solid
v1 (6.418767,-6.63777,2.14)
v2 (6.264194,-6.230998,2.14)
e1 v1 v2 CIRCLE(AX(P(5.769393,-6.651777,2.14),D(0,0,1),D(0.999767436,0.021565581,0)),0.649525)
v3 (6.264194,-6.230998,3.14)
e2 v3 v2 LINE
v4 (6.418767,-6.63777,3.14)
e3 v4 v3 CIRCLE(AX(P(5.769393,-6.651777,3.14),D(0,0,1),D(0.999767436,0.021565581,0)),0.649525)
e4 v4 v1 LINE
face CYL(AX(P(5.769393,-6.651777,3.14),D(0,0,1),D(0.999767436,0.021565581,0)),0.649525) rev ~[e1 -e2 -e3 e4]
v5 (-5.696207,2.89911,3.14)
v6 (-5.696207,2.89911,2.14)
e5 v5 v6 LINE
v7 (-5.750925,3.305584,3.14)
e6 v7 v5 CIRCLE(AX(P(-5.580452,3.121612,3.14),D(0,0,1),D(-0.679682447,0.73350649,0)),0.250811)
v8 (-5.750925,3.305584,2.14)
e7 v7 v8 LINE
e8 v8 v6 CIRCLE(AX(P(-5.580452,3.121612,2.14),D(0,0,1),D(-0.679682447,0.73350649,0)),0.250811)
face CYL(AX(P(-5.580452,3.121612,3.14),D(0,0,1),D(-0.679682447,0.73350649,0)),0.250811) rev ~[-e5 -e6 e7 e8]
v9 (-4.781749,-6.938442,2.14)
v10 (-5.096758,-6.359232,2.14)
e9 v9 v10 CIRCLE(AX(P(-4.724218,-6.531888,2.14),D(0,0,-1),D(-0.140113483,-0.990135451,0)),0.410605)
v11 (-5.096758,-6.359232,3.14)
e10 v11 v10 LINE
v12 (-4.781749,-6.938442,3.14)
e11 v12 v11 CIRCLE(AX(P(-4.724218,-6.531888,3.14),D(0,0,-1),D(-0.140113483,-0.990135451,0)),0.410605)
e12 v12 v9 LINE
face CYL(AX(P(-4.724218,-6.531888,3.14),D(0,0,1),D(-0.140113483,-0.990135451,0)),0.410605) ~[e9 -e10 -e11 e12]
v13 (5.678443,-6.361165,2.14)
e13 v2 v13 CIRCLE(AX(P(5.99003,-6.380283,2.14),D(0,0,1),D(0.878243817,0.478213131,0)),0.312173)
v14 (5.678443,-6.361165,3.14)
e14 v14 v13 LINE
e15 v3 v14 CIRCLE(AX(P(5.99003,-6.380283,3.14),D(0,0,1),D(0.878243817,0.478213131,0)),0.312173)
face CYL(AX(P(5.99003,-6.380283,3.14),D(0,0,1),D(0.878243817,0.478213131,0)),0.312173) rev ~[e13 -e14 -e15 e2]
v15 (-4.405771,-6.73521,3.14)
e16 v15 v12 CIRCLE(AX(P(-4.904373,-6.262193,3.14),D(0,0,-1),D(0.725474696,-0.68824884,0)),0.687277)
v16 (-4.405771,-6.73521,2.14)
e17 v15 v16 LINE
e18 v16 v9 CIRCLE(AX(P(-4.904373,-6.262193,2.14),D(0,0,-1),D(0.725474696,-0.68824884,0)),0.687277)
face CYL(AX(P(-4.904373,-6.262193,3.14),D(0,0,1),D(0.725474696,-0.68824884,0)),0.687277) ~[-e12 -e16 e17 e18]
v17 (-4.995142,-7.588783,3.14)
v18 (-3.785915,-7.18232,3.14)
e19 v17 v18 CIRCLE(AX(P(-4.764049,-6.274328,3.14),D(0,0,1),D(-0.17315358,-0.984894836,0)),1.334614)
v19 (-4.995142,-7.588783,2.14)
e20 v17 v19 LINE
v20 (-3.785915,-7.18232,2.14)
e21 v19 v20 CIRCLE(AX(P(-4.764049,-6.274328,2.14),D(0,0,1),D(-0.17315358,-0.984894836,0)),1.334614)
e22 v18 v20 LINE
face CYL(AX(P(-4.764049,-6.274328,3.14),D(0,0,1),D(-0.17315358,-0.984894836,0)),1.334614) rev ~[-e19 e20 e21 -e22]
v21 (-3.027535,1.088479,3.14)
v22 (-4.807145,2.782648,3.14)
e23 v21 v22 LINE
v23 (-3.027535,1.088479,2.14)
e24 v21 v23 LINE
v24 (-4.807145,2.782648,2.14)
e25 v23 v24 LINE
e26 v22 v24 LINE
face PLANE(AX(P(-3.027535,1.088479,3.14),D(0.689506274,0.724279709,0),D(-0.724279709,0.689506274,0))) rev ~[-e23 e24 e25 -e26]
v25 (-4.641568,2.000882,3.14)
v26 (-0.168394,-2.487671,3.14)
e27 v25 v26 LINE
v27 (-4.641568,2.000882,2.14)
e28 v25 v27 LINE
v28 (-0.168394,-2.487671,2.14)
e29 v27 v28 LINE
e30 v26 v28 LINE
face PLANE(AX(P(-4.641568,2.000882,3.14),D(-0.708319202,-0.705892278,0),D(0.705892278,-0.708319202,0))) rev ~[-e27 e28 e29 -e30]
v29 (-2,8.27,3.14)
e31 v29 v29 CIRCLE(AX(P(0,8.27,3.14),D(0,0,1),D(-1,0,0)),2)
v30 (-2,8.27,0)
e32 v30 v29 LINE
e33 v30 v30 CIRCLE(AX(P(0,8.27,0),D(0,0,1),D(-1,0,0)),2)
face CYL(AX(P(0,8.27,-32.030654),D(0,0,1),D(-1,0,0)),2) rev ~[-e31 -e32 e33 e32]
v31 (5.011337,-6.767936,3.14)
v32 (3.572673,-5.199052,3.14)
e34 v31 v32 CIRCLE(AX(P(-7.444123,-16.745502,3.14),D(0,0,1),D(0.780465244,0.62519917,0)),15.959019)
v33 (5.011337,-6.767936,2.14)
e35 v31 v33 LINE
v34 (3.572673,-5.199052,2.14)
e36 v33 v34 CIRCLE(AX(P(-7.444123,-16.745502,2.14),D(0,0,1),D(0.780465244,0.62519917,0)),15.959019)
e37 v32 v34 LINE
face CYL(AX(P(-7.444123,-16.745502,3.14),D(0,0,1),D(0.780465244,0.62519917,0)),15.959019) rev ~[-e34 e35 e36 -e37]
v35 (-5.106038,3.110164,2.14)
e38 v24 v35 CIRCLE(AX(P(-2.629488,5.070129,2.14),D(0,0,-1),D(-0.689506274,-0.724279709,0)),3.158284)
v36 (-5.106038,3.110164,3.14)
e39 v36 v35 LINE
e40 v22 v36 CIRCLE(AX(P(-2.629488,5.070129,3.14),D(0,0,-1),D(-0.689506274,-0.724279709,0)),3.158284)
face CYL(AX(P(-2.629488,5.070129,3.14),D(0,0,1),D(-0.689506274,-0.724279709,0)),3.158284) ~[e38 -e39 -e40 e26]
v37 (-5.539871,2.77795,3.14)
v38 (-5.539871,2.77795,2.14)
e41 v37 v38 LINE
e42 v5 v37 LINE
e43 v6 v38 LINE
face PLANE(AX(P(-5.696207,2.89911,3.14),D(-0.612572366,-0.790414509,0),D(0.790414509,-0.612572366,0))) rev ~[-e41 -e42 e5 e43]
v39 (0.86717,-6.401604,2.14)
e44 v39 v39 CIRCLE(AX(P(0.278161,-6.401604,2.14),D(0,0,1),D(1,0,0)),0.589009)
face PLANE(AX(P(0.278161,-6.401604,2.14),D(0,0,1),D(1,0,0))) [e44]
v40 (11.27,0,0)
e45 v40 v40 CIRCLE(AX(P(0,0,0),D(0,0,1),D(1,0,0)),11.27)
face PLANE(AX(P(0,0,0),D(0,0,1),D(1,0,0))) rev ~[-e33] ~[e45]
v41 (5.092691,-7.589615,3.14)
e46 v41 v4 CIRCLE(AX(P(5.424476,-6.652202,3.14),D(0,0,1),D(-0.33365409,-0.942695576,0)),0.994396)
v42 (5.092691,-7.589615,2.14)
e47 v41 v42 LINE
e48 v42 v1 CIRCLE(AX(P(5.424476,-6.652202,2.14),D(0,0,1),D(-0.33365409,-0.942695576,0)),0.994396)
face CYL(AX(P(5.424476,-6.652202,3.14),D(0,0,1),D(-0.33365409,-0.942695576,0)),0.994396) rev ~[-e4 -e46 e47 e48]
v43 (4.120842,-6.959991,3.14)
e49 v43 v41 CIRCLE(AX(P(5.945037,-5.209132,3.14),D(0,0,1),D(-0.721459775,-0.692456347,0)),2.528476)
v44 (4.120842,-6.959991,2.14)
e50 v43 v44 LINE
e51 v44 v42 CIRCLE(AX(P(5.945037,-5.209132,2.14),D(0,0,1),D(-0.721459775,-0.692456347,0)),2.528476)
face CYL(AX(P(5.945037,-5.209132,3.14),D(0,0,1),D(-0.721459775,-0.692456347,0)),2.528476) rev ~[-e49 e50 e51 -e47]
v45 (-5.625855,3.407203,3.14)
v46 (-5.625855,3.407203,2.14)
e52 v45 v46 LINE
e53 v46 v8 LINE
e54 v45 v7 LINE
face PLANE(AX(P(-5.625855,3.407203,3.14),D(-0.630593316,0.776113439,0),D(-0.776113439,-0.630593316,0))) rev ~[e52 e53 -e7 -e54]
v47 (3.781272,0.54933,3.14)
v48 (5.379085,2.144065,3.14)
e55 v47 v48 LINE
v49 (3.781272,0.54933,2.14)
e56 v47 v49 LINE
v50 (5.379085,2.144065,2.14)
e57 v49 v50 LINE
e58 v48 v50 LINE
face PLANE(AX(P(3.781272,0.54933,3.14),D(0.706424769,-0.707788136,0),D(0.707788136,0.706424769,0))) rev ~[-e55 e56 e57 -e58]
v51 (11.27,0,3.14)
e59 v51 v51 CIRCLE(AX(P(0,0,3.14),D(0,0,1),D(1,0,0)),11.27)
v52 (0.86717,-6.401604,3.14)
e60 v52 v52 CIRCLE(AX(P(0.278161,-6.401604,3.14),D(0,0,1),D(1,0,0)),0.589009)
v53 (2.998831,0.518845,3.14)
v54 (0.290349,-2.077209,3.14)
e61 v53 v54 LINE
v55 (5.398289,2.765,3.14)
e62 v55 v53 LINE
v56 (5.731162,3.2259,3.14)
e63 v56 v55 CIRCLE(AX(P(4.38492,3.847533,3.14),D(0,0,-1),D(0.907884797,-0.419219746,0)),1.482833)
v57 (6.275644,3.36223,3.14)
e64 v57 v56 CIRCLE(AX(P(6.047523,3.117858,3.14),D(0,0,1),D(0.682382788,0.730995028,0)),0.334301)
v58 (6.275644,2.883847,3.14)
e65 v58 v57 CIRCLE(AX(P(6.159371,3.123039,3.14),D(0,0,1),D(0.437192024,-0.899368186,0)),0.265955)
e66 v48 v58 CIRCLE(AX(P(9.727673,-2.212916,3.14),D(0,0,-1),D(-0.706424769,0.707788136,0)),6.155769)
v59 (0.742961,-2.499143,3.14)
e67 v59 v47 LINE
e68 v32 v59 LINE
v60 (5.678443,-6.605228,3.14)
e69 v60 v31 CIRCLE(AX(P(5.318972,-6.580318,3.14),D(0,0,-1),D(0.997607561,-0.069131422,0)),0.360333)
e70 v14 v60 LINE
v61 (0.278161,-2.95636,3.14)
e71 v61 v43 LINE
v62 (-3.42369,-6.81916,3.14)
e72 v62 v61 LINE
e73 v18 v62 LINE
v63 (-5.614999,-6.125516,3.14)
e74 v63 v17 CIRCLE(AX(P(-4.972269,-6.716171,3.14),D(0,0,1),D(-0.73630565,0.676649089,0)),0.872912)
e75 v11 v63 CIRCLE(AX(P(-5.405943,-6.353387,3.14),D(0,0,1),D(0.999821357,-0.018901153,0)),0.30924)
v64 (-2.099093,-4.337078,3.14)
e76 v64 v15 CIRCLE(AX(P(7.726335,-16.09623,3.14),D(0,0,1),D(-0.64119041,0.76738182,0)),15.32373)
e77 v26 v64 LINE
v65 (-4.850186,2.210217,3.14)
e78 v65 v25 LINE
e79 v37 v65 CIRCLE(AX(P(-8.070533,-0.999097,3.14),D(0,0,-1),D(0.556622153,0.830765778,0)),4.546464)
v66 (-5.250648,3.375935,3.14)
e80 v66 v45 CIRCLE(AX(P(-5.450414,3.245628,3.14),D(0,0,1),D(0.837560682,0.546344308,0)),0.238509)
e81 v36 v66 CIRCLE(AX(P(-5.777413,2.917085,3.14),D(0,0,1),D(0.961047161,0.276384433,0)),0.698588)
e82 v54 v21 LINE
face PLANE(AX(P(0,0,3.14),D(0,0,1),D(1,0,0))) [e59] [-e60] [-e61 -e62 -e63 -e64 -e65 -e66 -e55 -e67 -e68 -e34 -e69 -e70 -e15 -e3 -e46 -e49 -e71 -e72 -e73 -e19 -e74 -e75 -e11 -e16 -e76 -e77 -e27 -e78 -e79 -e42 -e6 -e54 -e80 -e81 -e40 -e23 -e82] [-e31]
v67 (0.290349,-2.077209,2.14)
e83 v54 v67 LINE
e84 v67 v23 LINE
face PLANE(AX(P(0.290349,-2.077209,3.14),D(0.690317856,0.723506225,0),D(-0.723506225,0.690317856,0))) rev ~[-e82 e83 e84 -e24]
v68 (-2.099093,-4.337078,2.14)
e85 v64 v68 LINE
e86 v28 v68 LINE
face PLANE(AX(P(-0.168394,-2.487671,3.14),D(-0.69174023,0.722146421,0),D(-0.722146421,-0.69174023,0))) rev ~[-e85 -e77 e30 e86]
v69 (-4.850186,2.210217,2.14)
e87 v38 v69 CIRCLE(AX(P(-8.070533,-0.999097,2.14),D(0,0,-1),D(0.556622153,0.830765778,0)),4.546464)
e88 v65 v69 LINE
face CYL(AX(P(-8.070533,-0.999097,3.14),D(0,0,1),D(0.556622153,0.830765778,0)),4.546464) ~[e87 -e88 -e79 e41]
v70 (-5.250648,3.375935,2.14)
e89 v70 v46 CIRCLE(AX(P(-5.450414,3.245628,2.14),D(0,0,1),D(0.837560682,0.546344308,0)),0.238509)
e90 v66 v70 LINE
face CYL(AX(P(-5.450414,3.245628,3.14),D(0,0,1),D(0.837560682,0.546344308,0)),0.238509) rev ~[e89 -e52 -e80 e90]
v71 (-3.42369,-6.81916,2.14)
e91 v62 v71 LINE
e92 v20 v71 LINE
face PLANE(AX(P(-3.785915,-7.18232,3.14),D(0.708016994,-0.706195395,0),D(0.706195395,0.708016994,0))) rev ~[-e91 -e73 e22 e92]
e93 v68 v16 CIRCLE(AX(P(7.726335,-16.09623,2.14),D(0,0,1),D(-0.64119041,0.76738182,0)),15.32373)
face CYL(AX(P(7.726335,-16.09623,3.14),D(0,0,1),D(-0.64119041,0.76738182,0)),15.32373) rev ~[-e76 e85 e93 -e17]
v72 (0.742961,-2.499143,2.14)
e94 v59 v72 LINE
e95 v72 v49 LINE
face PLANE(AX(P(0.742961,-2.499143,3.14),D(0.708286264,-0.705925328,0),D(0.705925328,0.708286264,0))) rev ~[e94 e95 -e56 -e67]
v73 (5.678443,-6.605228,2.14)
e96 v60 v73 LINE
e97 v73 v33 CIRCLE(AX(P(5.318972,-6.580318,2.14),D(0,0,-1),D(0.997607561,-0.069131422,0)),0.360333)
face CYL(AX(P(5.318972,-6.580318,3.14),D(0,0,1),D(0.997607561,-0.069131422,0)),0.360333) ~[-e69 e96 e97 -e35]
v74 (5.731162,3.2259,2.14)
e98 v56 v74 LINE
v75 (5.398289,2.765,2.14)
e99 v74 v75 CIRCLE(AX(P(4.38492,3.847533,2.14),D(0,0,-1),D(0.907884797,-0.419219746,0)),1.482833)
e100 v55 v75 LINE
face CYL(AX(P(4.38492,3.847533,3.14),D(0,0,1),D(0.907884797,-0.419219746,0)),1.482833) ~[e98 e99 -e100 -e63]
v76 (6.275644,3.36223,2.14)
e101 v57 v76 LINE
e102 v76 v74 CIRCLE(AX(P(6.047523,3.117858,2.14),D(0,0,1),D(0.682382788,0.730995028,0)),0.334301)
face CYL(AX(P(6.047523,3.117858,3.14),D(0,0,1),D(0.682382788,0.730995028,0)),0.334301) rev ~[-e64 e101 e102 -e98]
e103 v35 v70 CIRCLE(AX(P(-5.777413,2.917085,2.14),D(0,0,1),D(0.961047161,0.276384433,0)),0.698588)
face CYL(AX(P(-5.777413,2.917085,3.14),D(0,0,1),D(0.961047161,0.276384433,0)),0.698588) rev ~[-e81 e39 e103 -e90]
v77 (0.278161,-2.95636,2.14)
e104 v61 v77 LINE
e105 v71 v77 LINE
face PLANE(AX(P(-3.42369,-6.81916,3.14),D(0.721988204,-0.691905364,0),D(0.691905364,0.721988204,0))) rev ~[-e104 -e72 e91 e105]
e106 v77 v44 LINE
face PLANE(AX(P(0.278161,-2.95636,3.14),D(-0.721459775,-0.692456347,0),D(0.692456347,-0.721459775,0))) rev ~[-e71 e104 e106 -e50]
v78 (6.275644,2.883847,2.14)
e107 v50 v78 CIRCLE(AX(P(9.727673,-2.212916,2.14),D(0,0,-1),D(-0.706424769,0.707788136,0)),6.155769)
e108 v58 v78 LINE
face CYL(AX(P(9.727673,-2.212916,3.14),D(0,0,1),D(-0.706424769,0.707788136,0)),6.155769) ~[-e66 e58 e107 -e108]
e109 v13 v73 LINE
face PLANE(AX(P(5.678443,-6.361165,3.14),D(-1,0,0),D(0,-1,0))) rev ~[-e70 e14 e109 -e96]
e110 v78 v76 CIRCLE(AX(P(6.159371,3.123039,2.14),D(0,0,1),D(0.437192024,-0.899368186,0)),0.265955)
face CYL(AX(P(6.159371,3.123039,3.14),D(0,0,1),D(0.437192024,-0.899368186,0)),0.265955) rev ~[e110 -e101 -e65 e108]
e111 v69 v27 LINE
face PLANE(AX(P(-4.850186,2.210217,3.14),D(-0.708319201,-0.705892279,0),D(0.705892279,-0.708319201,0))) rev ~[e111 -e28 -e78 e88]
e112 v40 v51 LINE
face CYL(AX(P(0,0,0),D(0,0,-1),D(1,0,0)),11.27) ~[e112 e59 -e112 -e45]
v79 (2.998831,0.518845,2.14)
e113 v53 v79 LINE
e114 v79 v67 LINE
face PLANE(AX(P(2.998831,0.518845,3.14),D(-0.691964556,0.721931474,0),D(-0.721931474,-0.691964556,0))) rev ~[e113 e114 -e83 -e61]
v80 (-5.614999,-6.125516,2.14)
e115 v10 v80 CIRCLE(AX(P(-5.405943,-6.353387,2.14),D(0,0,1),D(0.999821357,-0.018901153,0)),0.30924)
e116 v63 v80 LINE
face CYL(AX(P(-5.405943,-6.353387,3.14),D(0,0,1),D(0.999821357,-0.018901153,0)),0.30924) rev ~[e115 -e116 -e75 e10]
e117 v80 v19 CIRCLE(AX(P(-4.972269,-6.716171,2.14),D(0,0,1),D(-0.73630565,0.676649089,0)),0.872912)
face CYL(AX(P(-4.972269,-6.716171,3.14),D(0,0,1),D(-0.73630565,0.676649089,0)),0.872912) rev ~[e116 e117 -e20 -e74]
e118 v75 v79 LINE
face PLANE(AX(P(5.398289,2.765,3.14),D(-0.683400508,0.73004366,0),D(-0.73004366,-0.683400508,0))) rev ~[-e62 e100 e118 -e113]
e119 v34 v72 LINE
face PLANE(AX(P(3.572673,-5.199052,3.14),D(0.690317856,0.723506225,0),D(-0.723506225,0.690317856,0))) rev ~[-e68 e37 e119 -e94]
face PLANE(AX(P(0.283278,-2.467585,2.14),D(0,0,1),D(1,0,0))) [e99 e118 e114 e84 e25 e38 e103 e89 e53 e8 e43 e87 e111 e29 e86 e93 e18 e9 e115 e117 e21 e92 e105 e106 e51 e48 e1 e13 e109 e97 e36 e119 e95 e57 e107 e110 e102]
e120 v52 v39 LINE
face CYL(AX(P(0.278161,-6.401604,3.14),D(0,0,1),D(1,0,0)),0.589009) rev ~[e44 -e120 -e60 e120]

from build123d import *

# Parameters (mm, degrees)
F0_R     = 11.27
F1_DEPTH = 3.14
F2_R     = 0.5890094212
F3_DEPTH = 1
F4_D     = 4


with BuildPart() as f1:
    # F0 (on Top) → F1 (new body)
    with BuildSketch(Plane.XY):
        Circle(F0_R)
    extrude(amount=F1_DEPTH)

    # F2 (on face) → F3 (cut)
    with BuildSketch(Plane.XY.offset(3.14)):
        with BuildLine():
            Line((-61.7312958373, 21.3926987009), (-58.0294454006, 25.2554991458))
            Line((-58.0294454006, 25.2554991458), (-54.1867637143, 21.2518673281))
            ThreePointArc((-54.1867637143, 21.2518673281), (-53.7373686171, 20.8806710534), (-53.2149149093, 20.6222435956))
            ThreePointArc((-53.2149149093, 20.6222435956), (-52.303276006, 20.7518245546), (-51.8888391992, 21.5740890181))
            ThreePointArc((-51.8888391992, 21.5740890181), (-51.9310478545, 21.7908044873), (-52.0434124717, 21.9808606841))
            ThreePointArc((-52.0434124717, 21.9808606841), (-52.3852964474, 22.1363147434), (-52.6291636905, 21.8506936919))
            Line((-52.6291636905, 21.8506936919), (-52.6291636905, 21.6066308894))
            ThreePointArc((-52.6291636905, 21.6066308894), (-52.9032514772, 21.281470401), (-53.2962690946, 21.4439222723))
            ThreePointArc((-53.2962690946, 21.4439222723), (-53.9894142385, 22.2523776329), (-54.7349330148, 23.012806469))
            Line((-54.7349330148, 23.012806469), (-57.5646452943, 25.7127153939))
            Line((-57.5646452943, 25.7127153939), (-54.5263338413, 28.7611883431))
            Line((-54.5263338413, 28.7611883431), (-52.9285208167, 30.355923602))
            ThreePointArc((-52.9285208167, 30.355923602), (-52.4977416389, 30.7470238341), (-52.0319618331, 31.0957060162))
            ThreePointArc((-52.0319618331, 31.0957060162), (-51.882280216, 31.3348975172), (-52.0319618331, 31.5740890181))
            ThreePointArc((-52.0319618331, 31.5740890181), (-52.3412808676, 31.6540069056), (-52.5764442328, 31.4377586097))
            ThreePointArc((-52.5764442328, 31.4377586097), (-52.720584525, 31.1912058371), (-52.9093169978, 30.9768585785))
            Line((-52.9093169978, 30.9768585785), (-55.3087755022, 28.7307036543))
            Line((-55.3087755022, 28.7307036543), (-58.0172568554, 26.1346496445))
            Line((-58.0172568554, 26.1346496445), (-61.3351414896, 29.3003376902))
            Line((-61.3351414896, 29.3003376902), (-63.1147513893, 30.9945066363))
            ThreePointArc((-63.1147513893, 30.9945066363), (-63.2699523014, 31.1530129011), (-63.4136438076, 31.3220226943))
            ThreePointArc((-63.4136438076, 31.3220226943), (-63.4713878606, 31.4628315528), (-63.5582546894, 31.5877942045))
            ThreePointArc((-63.5582546894, 31.5877942045), (-63.7382128733, 31.6951710938), (-63.9334617012, 31.6190617019))
            Line((-63.9334617012, 31.6190617019), (-64.0585307051, 31.5174429514))
            ThreePointArc((-64.0585307051, 31.5174429514), (-64.1366278816, 31.3000099116), (-64.0038129543, 31.1109689349))
            Line((-64.0038129543, 31.1109689349), (-63.8474769458, 30.9898083066))
            ThreePointArc((-63.8474769458, 30.9898083066), (-63.4886568855, 30.7229218485), (-63.1577918353, 30.4220754827))
            Line((-63.1577918353, 30.4220754827), (-62.9491744453, 30.2127408469))
            Line((-62.9491744453, 30.2127408469), (-58.4760000401, 25.7241872536))
            Line((-58.4760000401, 25.7241872536), (-60.4066995048, 23.874780467))
            ThreePointArc((-60.4066995048, 23.874780467), (-61.6253233945, 22.738509753), (-62.7133773323, 21.4766484497))
            ThreePointArc((-62.7133773323, 21.4766484497), (-62.8851672484, 21.3450641448), (-63.089355572, 21.2734168623))
            ThreePointArc((-63.089355572, 21.2734168623), (-63.3925338367, 21.4837956535), (-63.404364434, 21.8526266894))
            ThreePointArc((-63.404364434, 21.8526266894), (-63.5864183589, 22.1403709739), (-63.9226048834, 22.0863429656))
            ThreePointArc((-63.9226048834, 22.0863429656), (-64.0836440025, 21.1552024698), (-63.3027486402, 20.6230759303))
            ThreePointArc((-63.3027486402, 20.6230759303), (-62.6464252626, 20.6724715017), (-62.0935210892, 21.0295391052))
            Line((-62.0935210892, 21.0295391052), (-61.7312958373, 21.3926987009))
        make_face()
        with BuildLine():
            Line((-3.4236896342, -6.8191600484), (0.2781608025, -2.9563596035))
            Line((0.2781608025, -2.9563596035), (4.1208424888, -6.9599914212))
            ThreePointArc((4.1208424888, -6.9599914212), (4.570237586, -7.3311876959), (5.0926912938, -7.5896151537))
            ThreePointArc((5.0926912938, -7.5896151537), (6.004330197, -7.4600341947), (6.4187670038, -6.6377697312))
            ThreePointArc((6.4187670038, -6.6377697312), (6.3765583485, -6.421054262), (6.2641937313, -6.2309980652))
            ThreePointArc((6.2641937313, -6.2309980652), (5.9223097557, -6.0755440059), (5.6784425126, -6.3611650574))
            Line((5.6784425126, -6.3611650574), (5.6784425126, -6.6052278599))
            ThreePointArc((5.6784425126, -6.6052278599), (5.4043547258, -6.9303883483), (5.0113371085, -6.767936477))
            ThreePointArc((5.0113371085, -6.767936477), (4.3181919645, -5.9594811164), (3.5726731882, -5.1990522803))
            Line((3.5726731882, -5.1990522803), (0.7429609088, -2.4991433554))
            Line((0.7429609088, -2.4991433554), (3.7812723618, 0.5493295938))
            Line((3.7812723618, 0.5493295938), (5.3790853864, 2.1440648527))
            ThreePointArc((5.3790853864, 2.1440648527), (5.8098645642, 2.5351650848), (6.2756443699, 2.8838472669))
            ThreePointArc((6.2756443699, 2.8838472669), (6.4253259871, 3.1230387679), (6.2756443699, 3.3622302688))
            ThreePointArc((6.2756443699, 3.3622302688), (5.9663253355, 3.4421481563), (5.7311619703, 3.2258998604))
            ThreePointArc((5.7311619703, 3.2258998604), (5.587021678, 2.9793470878), (5.3982892053, 2.7649998292))
            Line((5.3982892053, 2.7649998292), (2.9988307009, 0.518844905))
            Line((2.9988307009, 0.518844905), (0.2903493477, -2.0772091048))
            Line((0.2903493477, -2.0772091048), (-3.0275352865, 1.0884789409))
            Line((-3.0275352865, 1.0884789409), (-4.8071451862, 2.782647887))
            ThreePointArc((-4.8071451862, 2.782647887), (-4.9623460984, 2.9411541518), (-5.1060376045, 3.110163945))
            ThreePointArc((-5.1060376045, 3.110163945), (-5.1637816575, 3.2509728035), (-5.2506484863, 3.3759354552))
            ThreePointArc((-5.2506484863, 3.3759354552), (-5.4306066702, 3.4833123445), (-5.6258554981, 3.4072029526))
            Line((-5.6258554981, 3.4072029526), (-5.7509245021, 3.3055842021))
            ThreePointArc((-5.7509245021, 3.3055842021), (-5.8290216786, 3.0881511623), (-5.6962067512, 2.8991101857))
            Line((-5.6962067512, 2.8991101857), (-5.5398707427, 2.7779495573))
            ThreePointArc((-5.5398707427, 2.7779495573), (-5.1810506824, 2.5110630992), (-4.8501856322, 2.2102167334))
            Line((-4.8501856322, 2.2102167334), (-4.6415682422, 2.0008820976))
            Line((-4.6415682422, 2.0008820976), (-0.168393837, -2.4876714957))
            Line((-0.168393837, -2.4876714957), (-2.0990933017, -4.3370782823))
            ThreePointArc((-2.0990933017, -4.3370782823), (-3.3177171915, -5.4733489963), (-4.4057711293, -6.7352102996))
            ThreePointArc((-4.4057711293, -6.7352102996), (-4.5775610453, -6.8667946045), (-4.7817493689, -6.938441887))
            ThreePointArc((-4.7817493689, -6.938441887), (-5.0849276337, -6.7280630958), (-5.0967582309, -6.3592320599))
            ThreePointArc((-5.0967582309, -6.3592320599), (-5.2788121559, -6.0714877754), (-5.6149986803, -6.1255157836))
            ThreePointArc((-5.6149986803, -6.1255157836), (-5.7760377995, -7.0566562795), (-4.9951424372, -7.588782819))
            ThreePointArc((-4.9951424372, -7.588782819), (-4.3388190596, -7.5393872476), (-3.7859148861, -7.1823196441))
            Line((-3.7859148861, -7.1823196441), (-3.4236896342, -6.8191600484))
        make_face()
        with Locations((0.2781608025, -6.4016040415)):
            Circle(F2_R)
    extrude(amount=-F3_DEPTH, mode=Mode.SUBTRACT)

    # F4 (through all)
    with Locations(Plane(origin=(0, 0, 0), x_dir=(1, 0, 0), z_dir=(0, 0, -1))):
        with Locations((0, -8.27)):
            Hole(F4_D / 2)


solid = f1.part
